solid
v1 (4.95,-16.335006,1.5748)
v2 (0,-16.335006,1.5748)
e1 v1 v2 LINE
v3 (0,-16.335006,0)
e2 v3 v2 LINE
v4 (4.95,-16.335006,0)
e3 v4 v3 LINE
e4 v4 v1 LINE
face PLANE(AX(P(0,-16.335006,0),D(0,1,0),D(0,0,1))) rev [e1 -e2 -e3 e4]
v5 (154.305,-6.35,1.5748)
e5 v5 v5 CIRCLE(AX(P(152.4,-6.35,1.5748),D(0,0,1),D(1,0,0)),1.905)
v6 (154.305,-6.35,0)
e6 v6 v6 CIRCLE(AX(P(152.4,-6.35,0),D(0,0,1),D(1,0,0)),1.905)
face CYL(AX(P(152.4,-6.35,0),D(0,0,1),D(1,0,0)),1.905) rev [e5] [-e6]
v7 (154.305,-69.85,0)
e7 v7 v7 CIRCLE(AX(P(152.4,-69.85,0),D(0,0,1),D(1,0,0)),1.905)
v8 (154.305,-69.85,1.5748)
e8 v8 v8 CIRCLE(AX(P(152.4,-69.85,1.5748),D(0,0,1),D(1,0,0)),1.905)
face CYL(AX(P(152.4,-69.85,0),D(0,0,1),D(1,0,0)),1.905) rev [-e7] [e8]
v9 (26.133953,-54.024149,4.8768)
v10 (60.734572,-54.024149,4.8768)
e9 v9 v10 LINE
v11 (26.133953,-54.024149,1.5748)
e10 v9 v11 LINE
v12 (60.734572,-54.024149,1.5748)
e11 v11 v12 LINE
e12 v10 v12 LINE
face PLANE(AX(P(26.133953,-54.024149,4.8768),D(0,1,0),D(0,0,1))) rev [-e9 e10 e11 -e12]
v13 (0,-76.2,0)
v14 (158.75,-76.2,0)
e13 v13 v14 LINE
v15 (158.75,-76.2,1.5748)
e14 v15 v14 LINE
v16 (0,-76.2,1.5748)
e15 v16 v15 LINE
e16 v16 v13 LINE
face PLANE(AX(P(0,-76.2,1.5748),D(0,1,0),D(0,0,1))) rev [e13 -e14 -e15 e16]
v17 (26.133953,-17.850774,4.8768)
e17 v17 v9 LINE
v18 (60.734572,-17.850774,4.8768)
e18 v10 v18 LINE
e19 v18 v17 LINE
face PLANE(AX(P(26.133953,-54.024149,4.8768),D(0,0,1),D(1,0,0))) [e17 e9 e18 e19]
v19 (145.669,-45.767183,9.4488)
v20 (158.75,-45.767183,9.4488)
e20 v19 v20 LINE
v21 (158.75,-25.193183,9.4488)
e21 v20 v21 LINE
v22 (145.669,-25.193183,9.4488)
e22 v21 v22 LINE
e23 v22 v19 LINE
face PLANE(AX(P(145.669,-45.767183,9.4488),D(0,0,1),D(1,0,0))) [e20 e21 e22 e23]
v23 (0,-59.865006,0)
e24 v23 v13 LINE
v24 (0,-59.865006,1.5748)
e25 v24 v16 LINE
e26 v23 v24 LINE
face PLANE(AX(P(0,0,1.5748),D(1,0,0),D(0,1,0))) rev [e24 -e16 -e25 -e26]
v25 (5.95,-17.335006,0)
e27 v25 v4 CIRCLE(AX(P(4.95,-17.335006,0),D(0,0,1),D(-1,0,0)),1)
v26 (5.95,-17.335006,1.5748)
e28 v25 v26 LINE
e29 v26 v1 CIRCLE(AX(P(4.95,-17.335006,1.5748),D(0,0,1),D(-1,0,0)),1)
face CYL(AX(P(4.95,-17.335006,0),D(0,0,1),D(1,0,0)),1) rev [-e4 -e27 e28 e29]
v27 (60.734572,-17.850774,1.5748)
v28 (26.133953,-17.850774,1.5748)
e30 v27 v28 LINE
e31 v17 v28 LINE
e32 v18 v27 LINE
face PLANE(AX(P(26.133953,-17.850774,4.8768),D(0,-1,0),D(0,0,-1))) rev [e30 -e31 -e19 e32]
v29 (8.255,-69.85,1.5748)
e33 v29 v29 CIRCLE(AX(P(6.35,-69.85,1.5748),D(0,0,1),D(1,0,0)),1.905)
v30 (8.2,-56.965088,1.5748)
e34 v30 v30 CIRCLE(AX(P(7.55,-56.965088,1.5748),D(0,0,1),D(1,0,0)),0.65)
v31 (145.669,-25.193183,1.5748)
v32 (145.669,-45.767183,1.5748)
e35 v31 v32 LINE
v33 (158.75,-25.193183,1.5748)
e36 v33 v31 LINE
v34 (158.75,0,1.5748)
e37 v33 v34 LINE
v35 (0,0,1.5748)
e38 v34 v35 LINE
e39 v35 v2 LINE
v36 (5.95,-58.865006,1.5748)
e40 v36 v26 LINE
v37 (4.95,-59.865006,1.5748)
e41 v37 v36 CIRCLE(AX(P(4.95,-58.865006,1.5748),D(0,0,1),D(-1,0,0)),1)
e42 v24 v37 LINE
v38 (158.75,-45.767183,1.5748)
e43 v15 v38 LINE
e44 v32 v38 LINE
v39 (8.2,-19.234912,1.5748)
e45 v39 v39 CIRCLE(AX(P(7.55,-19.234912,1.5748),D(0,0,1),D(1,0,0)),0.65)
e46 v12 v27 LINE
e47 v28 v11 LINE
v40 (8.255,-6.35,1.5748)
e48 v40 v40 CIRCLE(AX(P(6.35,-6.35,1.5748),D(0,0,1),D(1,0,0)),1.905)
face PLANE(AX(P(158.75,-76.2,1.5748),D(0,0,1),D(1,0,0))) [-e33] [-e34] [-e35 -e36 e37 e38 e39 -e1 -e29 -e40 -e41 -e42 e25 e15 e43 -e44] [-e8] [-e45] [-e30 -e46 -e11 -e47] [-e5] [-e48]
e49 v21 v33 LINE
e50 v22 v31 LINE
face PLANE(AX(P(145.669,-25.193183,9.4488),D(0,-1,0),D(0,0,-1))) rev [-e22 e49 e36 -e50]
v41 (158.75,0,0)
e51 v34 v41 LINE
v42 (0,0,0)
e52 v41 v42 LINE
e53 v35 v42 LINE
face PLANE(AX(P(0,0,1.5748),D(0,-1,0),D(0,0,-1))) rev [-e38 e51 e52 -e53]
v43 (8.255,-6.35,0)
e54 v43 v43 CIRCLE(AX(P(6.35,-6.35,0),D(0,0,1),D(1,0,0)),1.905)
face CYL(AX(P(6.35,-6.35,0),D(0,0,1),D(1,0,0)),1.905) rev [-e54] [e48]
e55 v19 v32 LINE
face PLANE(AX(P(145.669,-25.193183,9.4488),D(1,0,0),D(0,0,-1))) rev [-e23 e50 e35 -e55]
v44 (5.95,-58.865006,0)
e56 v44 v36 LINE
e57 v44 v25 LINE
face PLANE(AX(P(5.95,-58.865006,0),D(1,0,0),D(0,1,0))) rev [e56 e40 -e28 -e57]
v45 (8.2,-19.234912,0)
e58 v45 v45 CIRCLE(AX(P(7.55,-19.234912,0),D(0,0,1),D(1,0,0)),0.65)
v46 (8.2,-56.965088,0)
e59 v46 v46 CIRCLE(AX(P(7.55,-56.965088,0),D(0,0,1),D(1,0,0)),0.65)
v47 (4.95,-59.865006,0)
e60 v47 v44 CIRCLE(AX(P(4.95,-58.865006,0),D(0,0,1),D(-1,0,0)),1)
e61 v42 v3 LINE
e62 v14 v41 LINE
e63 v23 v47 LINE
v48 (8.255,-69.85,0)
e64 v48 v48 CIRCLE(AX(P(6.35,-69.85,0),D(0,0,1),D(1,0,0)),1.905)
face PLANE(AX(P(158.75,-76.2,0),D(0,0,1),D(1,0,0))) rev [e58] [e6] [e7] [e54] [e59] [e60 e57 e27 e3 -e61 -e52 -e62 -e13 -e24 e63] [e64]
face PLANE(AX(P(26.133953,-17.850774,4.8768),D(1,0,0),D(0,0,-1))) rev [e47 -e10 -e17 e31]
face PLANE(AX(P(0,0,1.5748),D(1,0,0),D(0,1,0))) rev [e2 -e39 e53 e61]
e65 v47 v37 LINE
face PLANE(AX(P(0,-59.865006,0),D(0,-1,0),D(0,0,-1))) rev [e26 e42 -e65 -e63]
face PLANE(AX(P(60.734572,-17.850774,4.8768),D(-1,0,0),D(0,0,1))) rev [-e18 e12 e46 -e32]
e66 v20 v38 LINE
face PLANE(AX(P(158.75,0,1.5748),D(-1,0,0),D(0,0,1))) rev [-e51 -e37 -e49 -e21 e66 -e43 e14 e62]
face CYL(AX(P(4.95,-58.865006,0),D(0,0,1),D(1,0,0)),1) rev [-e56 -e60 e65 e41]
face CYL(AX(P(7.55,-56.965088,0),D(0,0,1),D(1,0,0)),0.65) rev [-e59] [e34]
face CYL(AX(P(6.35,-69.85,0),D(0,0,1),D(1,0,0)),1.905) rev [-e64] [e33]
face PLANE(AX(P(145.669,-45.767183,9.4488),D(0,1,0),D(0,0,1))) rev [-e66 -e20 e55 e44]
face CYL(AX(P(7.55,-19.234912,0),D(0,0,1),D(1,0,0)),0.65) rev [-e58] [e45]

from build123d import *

# Parameters (mm, degrees)
SKETCH1_W          = 158.75
SKETCH1_H          = 76.2
EXTRUDE1_DEPTH     = 1.5748
SKETCH2_R          = 1.905
CUT_EXTRUDE2_DEPTH = 1.5748
SKETCH4_R          = 0.65
CUT_EXTRUDE3_DEPTH = 1.5748
SKETCH5_W          = 34.600619195
SKETCH5_H          = 36.173374613
EXTRUDE2_DEPTH     = 3.302
SKETCH6_W          = 13.081
SKETCH6_H          = 20.574
EXTRUDE3_DEPTH     = 7.874


with BuildPart() as part:
    # Sketch1 → Extrude1 (new body)
    with BuildSketch(Plane.XY):
        with Locations((79.375, -38.1)):
            Rectangle(SKETCH1_W, SKETCH1_H)
    extrude(amount=EXTRUDE1_DEPTH)

    # Sketch2 → Cut-Extrude2 (cut)
    with BuildSketch(Plane.XY.offset(1.5748)):
        with Locations((152.4, -6.35)):
            Circle(SKETCH2_R)
        with Locations((6.35, -6.35)):
            Circle(SKETCH2_R)
        with Locations((152.4, -69.85)):
            Circle(SKETCH2_R)
        with Locations((6.35, -69.85)):
            Circle(SKETCH2_R)
    extrude(amount=-CUT_EXTRUDE2_DEPTH, mode=Mode.SUBTRACT)

    # Sketch4 → Cut-Extrude3 (cut)
    with BuildSketch(Plane.XY.offset(1.5748)):
        with Locations((7.55, -19.234912)):
            Circle(SKETCH4_R)
        with Locations((7.55, -56.965088)):
            Circle(SKETCH4_R)
        with BuildLine():
            Line((0, -16.335006), (4.95, -16.335006))
            ThreePointArc((4.95, -16.335006), (5.657106781, -16.627899219), (5.95, -17.335006))
            Line((5.95, -17.335006), (5.95, -58.865006))
            ThreePointArc((5.95, -58.865006), (5.657106781, -59.572112781), (4.95, -59.865006))
            Line((4.95, -59.865006), (0, -59.865006))
            Line((0, -59.865006), (0, -16.335006))
        make_face()
    extrude(amount=-CUT_EXTRUDE3_DEPTH, mode=Mode.SUBTRACT)

    # Sketch5 → Extrude2 (add)
    with BuildSketch(Plane.XY.offset(1.5748)):
        with Locations((43.434262125, -35.937461301)):
            Rectangle(SKETCH5_W, SKETCH5_H)
    extrude(amount=EXTRUDE2_DEPTH)

    # Sketch6 → Extrude3 (add)
    with BuildSketch(Plane.XY.offset(1.5748)):
        with Locations((152.2095, -35.480182663)):
            Rectangle(SKETCH6_W, SKETCH6_H)
    extrude(amount=EXTRUDE3_DEPTH)


solid = part.part
